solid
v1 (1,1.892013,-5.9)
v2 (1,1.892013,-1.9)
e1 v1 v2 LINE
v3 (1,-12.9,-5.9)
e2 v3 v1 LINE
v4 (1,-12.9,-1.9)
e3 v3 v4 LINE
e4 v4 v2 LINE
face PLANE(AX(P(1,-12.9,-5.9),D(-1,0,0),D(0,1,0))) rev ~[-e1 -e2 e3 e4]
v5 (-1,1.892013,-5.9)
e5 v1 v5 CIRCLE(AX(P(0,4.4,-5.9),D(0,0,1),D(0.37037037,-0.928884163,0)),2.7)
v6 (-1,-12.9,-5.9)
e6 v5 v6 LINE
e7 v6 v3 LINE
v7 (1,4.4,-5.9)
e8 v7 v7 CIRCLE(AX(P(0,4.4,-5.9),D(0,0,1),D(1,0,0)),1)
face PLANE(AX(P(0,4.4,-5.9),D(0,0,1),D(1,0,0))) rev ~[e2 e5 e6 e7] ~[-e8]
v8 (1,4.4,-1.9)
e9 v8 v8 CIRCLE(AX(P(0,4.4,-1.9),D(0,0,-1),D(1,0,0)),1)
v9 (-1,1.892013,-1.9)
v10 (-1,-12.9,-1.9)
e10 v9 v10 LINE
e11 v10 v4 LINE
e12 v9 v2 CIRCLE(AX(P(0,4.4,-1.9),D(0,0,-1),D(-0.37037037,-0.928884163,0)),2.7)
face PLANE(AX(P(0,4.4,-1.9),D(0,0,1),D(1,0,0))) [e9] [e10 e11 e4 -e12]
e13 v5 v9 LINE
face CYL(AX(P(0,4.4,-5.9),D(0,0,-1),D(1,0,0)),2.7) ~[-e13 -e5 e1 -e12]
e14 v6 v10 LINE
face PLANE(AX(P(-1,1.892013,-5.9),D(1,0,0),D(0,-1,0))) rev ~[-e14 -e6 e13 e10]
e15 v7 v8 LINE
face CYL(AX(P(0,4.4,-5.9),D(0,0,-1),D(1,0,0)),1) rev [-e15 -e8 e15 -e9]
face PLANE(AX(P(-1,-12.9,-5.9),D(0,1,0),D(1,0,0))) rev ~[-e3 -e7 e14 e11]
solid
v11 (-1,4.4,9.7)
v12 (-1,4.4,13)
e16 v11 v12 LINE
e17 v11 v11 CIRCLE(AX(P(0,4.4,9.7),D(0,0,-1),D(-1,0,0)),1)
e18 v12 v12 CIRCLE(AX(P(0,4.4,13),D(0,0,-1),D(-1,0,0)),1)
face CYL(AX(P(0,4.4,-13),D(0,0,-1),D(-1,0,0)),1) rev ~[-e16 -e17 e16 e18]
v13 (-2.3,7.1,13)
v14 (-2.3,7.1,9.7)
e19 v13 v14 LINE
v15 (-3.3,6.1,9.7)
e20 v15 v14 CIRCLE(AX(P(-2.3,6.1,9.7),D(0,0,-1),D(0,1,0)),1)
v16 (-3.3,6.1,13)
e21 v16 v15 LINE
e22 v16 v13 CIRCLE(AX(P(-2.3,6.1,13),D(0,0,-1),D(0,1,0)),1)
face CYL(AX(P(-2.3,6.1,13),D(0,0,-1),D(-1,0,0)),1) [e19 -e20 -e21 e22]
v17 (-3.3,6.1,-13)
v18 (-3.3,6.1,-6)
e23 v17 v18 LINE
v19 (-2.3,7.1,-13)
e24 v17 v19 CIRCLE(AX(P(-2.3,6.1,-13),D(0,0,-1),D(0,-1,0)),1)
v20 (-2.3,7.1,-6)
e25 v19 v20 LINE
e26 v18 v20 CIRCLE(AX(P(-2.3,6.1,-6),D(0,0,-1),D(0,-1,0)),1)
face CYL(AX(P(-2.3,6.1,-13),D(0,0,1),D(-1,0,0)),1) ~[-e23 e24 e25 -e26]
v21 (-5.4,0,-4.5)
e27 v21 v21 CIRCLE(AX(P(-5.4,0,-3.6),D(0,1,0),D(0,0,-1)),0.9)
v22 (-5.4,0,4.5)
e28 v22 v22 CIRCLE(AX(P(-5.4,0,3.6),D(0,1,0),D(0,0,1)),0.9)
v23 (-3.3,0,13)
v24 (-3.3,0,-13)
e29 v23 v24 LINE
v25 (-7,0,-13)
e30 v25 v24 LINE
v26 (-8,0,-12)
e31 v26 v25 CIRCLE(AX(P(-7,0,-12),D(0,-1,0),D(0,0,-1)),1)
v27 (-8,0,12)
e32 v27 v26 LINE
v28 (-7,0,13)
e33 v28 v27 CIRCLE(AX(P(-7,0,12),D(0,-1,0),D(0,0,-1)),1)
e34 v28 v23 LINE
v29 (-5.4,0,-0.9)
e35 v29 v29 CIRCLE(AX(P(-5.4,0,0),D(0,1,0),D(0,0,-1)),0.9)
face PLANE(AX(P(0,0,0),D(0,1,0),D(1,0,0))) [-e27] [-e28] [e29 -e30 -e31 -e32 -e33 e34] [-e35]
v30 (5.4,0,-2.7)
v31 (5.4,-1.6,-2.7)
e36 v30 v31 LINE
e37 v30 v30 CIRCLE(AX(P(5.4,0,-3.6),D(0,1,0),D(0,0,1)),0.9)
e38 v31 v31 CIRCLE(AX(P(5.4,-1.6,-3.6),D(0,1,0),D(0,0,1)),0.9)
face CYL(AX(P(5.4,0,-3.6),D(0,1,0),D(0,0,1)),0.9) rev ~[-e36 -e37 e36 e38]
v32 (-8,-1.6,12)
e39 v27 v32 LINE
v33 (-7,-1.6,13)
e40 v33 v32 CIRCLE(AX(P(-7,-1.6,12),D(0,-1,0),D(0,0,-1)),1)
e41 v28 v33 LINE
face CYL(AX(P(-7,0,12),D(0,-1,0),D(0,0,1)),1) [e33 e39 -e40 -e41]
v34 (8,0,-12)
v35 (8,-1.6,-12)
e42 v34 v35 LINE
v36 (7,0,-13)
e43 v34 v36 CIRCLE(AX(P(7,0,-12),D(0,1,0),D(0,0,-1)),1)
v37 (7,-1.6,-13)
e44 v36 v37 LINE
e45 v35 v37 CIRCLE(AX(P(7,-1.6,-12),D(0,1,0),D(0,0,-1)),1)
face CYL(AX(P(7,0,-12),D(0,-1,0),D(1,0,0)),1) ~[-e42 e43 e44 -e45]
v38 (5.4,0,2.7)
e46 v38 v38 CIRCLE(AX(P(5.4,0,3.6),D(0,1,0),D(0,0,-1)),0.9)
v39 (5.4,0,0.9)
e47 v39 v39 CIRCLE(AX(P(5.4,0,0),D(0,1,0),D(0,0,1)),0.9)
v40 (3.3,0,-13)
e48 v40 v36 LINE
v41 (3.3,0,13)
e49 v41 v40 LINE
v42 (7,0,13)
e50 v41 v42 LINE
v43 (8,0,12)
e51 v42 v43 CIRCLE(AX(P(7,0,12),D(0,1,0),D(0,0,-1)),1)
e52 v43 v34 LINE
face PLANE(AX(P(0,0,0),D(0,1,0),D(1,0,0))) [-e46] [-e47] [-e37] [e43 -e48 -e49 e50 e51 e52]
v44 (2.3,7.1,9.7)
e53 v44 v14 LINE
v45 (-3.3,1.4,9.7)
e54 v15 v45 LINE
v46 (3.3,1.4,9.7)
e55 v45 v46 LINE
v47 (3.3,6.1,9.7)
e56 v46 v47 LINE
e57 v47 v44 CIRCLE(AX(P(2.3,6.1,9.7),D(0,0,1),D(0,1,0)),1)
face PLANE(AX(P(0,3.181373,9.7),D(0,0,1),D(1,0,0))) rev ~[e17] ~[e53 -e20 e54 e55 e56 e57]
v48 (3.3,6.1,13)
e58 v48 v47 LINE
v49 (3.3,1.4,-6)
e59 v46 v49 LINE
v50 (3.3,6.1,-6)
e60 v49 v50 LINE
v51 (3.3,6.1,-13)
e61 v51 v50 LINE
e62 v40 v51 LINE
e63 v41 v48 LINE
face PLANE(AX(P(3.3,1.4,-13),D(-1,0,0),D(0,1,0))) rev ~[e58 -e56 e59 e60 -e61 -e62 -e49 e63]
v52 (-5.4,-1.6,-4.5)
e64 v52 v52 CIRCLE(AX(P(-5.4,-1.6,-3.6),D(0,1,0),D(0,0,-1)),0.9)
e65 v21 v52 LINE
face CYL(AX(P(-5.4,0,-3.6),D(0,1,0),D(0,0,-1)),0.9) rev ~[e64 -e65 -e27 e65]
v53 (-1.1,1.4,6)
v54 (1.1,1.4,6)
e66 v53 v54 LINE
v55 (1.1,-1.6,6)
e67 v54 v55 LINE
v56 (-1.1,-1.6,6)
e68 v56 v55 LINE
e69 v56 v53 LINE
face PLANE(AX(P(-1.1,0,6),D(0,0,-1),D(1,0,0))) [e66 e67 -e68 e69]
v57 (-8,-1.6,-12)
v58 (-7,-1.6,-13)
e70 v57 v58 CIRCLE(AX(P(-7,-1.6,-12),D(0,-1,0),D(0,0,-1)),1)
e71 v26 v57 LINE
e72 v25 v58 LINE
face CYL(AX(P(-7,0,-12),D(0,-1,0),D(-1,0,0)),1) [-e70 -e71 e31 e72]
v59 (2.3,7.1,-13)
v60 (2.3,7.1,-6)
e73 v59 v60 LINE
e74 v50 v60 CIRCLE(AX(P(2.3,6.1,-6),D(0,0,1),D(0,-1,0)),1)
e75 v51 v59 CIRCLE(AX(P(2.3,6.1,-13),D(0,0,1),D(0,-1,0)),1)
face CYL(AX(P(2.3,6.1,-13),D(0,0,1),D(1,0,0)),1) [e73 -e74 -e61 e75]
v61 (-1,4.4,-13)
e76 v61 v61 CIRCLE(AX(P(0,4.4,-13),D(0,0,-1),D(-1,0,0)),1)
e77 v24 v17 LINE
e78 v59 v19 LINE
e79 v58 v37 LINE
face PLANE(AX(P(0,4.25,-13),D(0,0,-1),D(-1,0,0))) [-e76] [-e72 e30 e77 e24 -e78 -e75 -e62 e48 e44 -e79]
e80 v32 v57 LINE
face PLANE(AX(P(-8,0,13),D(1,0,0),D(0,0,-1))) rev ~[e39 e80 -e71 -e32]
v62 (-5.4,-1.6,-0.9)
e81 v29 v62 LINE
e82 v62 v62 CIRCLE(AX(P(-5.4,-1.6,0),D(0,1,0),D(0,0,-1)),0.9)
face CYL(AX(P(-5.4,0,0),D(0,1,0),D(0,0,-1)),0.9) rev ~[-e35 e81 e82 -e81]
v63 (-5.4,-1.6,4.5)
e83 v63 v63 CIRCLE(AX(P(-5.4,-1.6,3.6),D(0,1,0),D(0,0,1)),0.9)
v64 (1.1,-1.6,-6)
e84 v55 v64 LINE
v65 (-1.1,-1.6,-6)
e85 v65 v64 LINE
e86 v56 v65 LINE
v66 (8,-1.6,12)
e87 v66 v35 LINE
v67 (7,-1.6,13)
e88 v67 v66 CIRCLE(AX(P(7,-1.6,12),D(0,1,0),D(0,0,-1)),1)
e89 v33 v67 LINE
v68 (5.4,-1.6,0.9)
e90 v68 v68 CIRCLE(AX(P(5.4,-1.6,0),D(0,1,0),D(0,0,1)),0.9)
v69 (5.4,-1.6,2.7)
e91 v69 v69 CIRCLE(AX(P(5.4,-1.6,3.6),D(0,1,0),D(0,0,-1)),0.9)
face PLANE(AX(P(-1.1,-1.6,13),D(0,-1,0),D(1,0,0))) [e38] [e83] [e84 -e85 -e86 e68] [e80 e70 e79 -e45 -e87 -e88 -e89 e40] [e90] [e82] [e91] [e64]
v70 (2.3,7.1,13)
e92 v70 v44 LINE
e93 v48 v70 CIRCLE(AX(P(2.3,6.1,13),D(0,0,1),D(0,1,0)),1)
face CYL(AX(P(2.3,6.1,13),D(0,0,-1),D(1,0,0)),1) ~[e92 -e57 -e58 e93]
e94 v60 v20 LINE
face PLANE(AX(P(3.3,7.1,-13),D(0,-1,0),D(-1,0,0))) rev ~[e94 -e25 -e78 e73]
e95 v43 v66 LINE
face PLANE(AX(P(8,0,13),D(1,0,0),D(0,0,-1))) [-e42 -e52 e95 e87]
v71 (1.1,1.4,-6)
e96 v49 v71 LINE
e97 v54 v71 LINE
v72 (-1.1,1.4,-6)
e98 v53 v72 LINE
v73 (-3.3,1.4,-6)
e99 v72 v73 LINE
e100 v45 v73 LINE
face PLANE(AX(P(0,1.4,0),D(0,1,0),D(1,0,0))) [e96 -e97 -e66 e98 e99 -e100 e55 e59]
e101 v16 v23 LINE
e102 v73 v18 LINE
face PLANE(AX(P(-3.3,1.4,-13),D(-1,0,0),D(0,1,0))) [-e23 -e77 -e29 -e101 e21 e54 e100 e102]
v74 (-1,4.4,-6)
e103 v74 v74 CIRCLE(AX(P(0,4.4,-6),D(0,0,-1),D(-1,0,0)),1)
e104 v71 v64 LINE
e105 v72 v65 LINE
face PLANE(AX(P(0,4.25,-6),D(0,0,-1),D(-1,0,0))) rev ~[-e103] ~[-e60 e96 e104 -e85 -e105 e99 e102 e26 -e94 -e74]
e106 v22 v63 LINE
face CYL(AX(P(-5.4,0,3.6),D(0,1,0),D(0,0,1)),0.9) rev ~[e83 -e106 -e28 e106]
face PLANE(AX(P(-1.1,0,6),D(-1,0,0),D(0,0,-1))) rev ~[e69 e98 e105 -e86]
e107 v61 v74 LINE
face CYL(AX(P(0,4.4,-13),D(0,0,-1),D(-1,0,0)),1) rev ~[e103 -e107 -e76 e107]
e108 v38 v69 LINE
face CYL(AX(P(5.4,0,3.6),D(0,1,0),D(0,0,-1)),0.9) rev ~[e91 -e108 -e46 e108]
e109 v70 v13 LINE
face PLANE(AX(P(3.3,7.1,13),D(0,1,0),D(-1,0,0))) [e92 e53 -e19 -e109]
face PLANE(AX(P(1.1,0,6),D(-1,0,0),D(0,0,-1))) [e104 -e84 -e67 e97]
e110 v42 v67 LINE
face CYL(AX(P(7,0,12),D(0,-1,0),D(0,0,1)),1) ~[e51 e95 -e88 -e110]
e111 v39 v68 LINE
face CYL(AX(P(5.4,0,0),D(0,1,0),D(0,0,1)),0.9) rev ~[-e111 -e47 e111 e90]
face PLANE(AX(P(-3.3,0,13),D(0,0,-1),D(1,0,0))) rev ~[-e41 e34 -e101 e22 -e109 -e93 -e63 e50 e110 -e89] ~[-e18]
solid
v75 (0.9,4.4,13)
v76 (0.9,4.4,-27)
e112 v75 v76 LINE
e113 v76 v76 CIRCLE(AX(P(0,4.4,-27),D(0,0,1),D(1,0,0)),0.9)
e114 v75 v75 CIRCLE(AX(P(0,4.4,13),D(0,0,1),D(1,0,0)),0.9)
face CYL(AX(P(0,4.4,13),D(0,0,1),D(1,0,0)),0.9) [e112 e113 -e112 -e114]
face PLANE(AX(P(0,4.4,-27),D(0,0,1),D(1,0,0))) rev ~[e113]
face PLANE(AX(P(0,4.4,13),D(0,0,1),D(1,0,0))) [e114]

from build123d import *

# Parameters (mm, degrees)
IZIM1_W                     = 16
IZIM1_H                     = 26
IZIM1_R                     = 0.9
IZIM1_W_2                   = 2.2
IZIM1_H_2                   = 12
Y_KSEKLIK_EKSTR_ZYON1_DEPTH = 1.6
IZIM2_W                     = 6.6
IZIM2_H                     = 26
IZIM2_W_2                   = 2.2
IZIM2_H_2                   = 12
Y_KSEKLIK_EKSTR_ZYON2_DEPTH = 1.4
IZIM3_W                     = 6.6
IZIM3_H                     = 5.7
Y_KSEKLIK_EKSTR_ZYON3_DEPTH = 7
Y_KSEKLIK_EKSTR_ZYON4_DEPTH = 3.3
IZIM5_R                     = 1
KES_EKSTR_ZYON1_DEPTH       = 29.114231272
RADYUS1_R                   = 1
Y_KSEKLIK_EKSTR_ZYON5_START = 0.1
IZIM6_R                     = 2.7
IZIM6_R_2                   = 1
Y_KSEKLIK_EKSTR_ZYON5_DEPTH = 4
Y_KSEKLIK_EKSTR_ZYON6_START = -4
Y_KSEKLIK_EKSTR_ZYON6_DEPTH = 4
IZIM8_R                     = 0.9
Y_KSEKLIK_EKSTR_ZYON7_DEPTH = 40
RADYUS2_R                   = 1


with BuildPart() as part:
    # Çizim1 → Yükseklik-Ekstrüzyon1 (new body)
    with BuildSketch(Plane(origin=(0, 0, 0), x_dir=(1, 0, 0), z_dir=(0, 1, 0))):
        Rectangle(IZIM1_W, IZIM1_H)
        with Locations(Location((5.4, 0, 0), (0, 0, 270))):
            Circle(IZIM1_R, mode=Mode.SUBTRACT)
        with Locations(Location((5.4, 3.6, 0), (0, 0, 270))):
            Circle(IZIM1_R, mode=Mode.SUBTRACT)
        with Locations(Location((5.4, -3.6, 0), (0, 0, 90))):
            Circle(IZIM1_R, mode=Mode.SUBTRACT)
        with Locations(Location((-5.4, 3.6, 0), (0, 0, 90))):
            Circle(IZIM1_R, mode=Mode.SUBTRACT)
        with Locations(Location((-5.4, -3.6, 0), (0, 0, 270))):
            Circle(IZIM1_R, mode=Mode.SUBTRACT)
        with Locations(Location((-5.4, 0, 0), (0, 0, 90))):
            Circle(IZIM1_R, mode=Mode.SUBTRACT)
        Rectangle(IZIM1_W_2, IZIM1_H_2, mode=Mode.SUBTRACT)
    extrude(amount=-Y_KSEKLIK_EKSTR_ZYON1_DEPTH)

    # Çizim2 → Yükseklik-Ekstrüzyon2 (add)
    with BuildSketch(Plane(origin=(0, 0, 0), x_dir=(1, 0, 0), z_dir=(0, 1, 0))):
        Rectangle(IZIM2_W, IZIM2_H)
        Rectangle(IZIM2_W_2, IZIM2_H_2, mode=Mode.SUBTRACT)
    extrude(amount=Y_KSEKLIK_EKSTR_ZYON2_DEPTH)

    # Çizim3 → Yükseklik-Ekstrüzyon3 (add)
    with BuildSketch(Plane(origin=(0, 0, -13), x_dir=(-1, 0, 0), z_dir=(0, 0, -1))):
        with Locations((0, 4.25)):
            Rectangle(IZIM3_W, IZIM3_H)
    extrude(amount=-Y_KSEKLIK_EKSTR_ZYON3_DEPTH)

    # Çizim4 → Yükseklik-Ekstrüzyon4 (add)
    with BuildSketch(Plane.XY.offset(13)):
        Polygon((1.1, -1.6), (1.1, 1.4), (3.3, 1.4), (3.3, 7.1), (-3.3, 7.1), (-3.3, 1.4), (-1.1, 1.4), (-1.1, -1.6), align=None)
    extrude(amount=-Y_KSEKLIK_EKSTR_ZYON4_DEPTH)

    # Çizim5 → Kes-Ekstrüzyon1 (cut, through all)
    with BuildSketch(Plane(origin=(0, 0, -13), x_dir=(-1, 0, 0), z_dir=(0, 0, -1))):
        with Locations((0, 4.4)):
            Circle(IZIM5_R)
    extrude(amount=-KES_EKSTR_ZYON1_DEPTH, mode=Mode.SUBTRACT)

    # Radyus1
    radyus1_edges = [part.edges().sort_by_distance(p)[0] for p in [
        (-3.3, 7.1, 11.35),
        (3.3, 7.1, 11.35),
        (3.3, 7.1, -9.5),
        (-3.3, 7.1, -9.5),
    ]]
    fillet(radyus1_edges, radius=RADYUS1_R)

    # Radyus2
    radyus2_edges = [part.edges().sort_by_distance(p)[0] for p in [
        (8, -0.8, 13),
        (-8, -0.8, 13),
        (-8, -0.8, -13),
        (8, -0.8, -13),
    ]]
    fillet(radyus2_edges, radius=RADYUS2_R)


with BuildPart() as body_2:
    # Çizim6 → Yükseklik-Ekstrüzyon5 (new body)
    with BuildSketch(Plane.XY.offset(-6).offset(Y_KSEKLIK_EKSTR_ZYON5_START)):
        with Locations((0, 4.4)):
            Circle(IZIM6_R)
        with Locations((0, 4.4)):
            Circle(IZIM6_R_2, mode=Mode.SUBTRACT)
    extrude(amount=Y_KSEKLIK_EKSTR_ZYON5_DEPTH)

    # Çizim7 → Yükseklik-Ekstrüzyon6 (add)
    with BuildSketch(Plane.XY.offset(-1.9).offset(Y_KSEKLIK_EKSTR_ZYON6_START)):
        with BuildLine():
            ThreePointArc((1, 4.4), (0, 3.4), (-1, 4.4))
            Line((-1, 4.4), (-1, 1.892012759))
            ThreePointArc((-1, 1.892012759), (0, 1.7), (1, 1.892012759))
            Line((1, 1.892012759), (1, 4.4))
        make_face()
        with BuildLine():
            Line((-1, 1.892012759), (-1, 4.4))
            ThreePointArc((-1, 4.4), (0, 5.4), (1, 4.4))
            Line((1, 4.4), (1, 1.892012759))
            ThreePointArc((1, 1.892012759), (2.234949664, 2.885074259), (2.7, 4.4))
            ThreePointArc((2.7, 4.4), (-1.514925741, 6.634949664), (-1, 1.892012759))
        make_face()
        with BuildLine():
            ThreePointArc((1, 1.892012759), (0, 1.7), (-1, 1.892012759))
            Line((-1, 1.892012759), (-1, -12.9))
            Line((-1, -12.9), (1, -12.9))
            Line((1, -12.9), (1, 1.892012759))
        make_face()
    extrude(amount=Y_KSEKLIK_EKSTR_ZYON6_DEPTH)


with BuildPart() as body_3:
    # Çizim8 → Yükseklik-Ekstrüzyon7 (new body)
    with BuildSketch(Plane.XY.offset(13)):
        with Locations((0, 4.4)):
            Circle(IZIM8_R)
    extrude(amount=-Y_KSEKLIK_EKSTR_ZYON7_DEPTH)


solid = Compound([part.part, body_2.part, body_3.part])
